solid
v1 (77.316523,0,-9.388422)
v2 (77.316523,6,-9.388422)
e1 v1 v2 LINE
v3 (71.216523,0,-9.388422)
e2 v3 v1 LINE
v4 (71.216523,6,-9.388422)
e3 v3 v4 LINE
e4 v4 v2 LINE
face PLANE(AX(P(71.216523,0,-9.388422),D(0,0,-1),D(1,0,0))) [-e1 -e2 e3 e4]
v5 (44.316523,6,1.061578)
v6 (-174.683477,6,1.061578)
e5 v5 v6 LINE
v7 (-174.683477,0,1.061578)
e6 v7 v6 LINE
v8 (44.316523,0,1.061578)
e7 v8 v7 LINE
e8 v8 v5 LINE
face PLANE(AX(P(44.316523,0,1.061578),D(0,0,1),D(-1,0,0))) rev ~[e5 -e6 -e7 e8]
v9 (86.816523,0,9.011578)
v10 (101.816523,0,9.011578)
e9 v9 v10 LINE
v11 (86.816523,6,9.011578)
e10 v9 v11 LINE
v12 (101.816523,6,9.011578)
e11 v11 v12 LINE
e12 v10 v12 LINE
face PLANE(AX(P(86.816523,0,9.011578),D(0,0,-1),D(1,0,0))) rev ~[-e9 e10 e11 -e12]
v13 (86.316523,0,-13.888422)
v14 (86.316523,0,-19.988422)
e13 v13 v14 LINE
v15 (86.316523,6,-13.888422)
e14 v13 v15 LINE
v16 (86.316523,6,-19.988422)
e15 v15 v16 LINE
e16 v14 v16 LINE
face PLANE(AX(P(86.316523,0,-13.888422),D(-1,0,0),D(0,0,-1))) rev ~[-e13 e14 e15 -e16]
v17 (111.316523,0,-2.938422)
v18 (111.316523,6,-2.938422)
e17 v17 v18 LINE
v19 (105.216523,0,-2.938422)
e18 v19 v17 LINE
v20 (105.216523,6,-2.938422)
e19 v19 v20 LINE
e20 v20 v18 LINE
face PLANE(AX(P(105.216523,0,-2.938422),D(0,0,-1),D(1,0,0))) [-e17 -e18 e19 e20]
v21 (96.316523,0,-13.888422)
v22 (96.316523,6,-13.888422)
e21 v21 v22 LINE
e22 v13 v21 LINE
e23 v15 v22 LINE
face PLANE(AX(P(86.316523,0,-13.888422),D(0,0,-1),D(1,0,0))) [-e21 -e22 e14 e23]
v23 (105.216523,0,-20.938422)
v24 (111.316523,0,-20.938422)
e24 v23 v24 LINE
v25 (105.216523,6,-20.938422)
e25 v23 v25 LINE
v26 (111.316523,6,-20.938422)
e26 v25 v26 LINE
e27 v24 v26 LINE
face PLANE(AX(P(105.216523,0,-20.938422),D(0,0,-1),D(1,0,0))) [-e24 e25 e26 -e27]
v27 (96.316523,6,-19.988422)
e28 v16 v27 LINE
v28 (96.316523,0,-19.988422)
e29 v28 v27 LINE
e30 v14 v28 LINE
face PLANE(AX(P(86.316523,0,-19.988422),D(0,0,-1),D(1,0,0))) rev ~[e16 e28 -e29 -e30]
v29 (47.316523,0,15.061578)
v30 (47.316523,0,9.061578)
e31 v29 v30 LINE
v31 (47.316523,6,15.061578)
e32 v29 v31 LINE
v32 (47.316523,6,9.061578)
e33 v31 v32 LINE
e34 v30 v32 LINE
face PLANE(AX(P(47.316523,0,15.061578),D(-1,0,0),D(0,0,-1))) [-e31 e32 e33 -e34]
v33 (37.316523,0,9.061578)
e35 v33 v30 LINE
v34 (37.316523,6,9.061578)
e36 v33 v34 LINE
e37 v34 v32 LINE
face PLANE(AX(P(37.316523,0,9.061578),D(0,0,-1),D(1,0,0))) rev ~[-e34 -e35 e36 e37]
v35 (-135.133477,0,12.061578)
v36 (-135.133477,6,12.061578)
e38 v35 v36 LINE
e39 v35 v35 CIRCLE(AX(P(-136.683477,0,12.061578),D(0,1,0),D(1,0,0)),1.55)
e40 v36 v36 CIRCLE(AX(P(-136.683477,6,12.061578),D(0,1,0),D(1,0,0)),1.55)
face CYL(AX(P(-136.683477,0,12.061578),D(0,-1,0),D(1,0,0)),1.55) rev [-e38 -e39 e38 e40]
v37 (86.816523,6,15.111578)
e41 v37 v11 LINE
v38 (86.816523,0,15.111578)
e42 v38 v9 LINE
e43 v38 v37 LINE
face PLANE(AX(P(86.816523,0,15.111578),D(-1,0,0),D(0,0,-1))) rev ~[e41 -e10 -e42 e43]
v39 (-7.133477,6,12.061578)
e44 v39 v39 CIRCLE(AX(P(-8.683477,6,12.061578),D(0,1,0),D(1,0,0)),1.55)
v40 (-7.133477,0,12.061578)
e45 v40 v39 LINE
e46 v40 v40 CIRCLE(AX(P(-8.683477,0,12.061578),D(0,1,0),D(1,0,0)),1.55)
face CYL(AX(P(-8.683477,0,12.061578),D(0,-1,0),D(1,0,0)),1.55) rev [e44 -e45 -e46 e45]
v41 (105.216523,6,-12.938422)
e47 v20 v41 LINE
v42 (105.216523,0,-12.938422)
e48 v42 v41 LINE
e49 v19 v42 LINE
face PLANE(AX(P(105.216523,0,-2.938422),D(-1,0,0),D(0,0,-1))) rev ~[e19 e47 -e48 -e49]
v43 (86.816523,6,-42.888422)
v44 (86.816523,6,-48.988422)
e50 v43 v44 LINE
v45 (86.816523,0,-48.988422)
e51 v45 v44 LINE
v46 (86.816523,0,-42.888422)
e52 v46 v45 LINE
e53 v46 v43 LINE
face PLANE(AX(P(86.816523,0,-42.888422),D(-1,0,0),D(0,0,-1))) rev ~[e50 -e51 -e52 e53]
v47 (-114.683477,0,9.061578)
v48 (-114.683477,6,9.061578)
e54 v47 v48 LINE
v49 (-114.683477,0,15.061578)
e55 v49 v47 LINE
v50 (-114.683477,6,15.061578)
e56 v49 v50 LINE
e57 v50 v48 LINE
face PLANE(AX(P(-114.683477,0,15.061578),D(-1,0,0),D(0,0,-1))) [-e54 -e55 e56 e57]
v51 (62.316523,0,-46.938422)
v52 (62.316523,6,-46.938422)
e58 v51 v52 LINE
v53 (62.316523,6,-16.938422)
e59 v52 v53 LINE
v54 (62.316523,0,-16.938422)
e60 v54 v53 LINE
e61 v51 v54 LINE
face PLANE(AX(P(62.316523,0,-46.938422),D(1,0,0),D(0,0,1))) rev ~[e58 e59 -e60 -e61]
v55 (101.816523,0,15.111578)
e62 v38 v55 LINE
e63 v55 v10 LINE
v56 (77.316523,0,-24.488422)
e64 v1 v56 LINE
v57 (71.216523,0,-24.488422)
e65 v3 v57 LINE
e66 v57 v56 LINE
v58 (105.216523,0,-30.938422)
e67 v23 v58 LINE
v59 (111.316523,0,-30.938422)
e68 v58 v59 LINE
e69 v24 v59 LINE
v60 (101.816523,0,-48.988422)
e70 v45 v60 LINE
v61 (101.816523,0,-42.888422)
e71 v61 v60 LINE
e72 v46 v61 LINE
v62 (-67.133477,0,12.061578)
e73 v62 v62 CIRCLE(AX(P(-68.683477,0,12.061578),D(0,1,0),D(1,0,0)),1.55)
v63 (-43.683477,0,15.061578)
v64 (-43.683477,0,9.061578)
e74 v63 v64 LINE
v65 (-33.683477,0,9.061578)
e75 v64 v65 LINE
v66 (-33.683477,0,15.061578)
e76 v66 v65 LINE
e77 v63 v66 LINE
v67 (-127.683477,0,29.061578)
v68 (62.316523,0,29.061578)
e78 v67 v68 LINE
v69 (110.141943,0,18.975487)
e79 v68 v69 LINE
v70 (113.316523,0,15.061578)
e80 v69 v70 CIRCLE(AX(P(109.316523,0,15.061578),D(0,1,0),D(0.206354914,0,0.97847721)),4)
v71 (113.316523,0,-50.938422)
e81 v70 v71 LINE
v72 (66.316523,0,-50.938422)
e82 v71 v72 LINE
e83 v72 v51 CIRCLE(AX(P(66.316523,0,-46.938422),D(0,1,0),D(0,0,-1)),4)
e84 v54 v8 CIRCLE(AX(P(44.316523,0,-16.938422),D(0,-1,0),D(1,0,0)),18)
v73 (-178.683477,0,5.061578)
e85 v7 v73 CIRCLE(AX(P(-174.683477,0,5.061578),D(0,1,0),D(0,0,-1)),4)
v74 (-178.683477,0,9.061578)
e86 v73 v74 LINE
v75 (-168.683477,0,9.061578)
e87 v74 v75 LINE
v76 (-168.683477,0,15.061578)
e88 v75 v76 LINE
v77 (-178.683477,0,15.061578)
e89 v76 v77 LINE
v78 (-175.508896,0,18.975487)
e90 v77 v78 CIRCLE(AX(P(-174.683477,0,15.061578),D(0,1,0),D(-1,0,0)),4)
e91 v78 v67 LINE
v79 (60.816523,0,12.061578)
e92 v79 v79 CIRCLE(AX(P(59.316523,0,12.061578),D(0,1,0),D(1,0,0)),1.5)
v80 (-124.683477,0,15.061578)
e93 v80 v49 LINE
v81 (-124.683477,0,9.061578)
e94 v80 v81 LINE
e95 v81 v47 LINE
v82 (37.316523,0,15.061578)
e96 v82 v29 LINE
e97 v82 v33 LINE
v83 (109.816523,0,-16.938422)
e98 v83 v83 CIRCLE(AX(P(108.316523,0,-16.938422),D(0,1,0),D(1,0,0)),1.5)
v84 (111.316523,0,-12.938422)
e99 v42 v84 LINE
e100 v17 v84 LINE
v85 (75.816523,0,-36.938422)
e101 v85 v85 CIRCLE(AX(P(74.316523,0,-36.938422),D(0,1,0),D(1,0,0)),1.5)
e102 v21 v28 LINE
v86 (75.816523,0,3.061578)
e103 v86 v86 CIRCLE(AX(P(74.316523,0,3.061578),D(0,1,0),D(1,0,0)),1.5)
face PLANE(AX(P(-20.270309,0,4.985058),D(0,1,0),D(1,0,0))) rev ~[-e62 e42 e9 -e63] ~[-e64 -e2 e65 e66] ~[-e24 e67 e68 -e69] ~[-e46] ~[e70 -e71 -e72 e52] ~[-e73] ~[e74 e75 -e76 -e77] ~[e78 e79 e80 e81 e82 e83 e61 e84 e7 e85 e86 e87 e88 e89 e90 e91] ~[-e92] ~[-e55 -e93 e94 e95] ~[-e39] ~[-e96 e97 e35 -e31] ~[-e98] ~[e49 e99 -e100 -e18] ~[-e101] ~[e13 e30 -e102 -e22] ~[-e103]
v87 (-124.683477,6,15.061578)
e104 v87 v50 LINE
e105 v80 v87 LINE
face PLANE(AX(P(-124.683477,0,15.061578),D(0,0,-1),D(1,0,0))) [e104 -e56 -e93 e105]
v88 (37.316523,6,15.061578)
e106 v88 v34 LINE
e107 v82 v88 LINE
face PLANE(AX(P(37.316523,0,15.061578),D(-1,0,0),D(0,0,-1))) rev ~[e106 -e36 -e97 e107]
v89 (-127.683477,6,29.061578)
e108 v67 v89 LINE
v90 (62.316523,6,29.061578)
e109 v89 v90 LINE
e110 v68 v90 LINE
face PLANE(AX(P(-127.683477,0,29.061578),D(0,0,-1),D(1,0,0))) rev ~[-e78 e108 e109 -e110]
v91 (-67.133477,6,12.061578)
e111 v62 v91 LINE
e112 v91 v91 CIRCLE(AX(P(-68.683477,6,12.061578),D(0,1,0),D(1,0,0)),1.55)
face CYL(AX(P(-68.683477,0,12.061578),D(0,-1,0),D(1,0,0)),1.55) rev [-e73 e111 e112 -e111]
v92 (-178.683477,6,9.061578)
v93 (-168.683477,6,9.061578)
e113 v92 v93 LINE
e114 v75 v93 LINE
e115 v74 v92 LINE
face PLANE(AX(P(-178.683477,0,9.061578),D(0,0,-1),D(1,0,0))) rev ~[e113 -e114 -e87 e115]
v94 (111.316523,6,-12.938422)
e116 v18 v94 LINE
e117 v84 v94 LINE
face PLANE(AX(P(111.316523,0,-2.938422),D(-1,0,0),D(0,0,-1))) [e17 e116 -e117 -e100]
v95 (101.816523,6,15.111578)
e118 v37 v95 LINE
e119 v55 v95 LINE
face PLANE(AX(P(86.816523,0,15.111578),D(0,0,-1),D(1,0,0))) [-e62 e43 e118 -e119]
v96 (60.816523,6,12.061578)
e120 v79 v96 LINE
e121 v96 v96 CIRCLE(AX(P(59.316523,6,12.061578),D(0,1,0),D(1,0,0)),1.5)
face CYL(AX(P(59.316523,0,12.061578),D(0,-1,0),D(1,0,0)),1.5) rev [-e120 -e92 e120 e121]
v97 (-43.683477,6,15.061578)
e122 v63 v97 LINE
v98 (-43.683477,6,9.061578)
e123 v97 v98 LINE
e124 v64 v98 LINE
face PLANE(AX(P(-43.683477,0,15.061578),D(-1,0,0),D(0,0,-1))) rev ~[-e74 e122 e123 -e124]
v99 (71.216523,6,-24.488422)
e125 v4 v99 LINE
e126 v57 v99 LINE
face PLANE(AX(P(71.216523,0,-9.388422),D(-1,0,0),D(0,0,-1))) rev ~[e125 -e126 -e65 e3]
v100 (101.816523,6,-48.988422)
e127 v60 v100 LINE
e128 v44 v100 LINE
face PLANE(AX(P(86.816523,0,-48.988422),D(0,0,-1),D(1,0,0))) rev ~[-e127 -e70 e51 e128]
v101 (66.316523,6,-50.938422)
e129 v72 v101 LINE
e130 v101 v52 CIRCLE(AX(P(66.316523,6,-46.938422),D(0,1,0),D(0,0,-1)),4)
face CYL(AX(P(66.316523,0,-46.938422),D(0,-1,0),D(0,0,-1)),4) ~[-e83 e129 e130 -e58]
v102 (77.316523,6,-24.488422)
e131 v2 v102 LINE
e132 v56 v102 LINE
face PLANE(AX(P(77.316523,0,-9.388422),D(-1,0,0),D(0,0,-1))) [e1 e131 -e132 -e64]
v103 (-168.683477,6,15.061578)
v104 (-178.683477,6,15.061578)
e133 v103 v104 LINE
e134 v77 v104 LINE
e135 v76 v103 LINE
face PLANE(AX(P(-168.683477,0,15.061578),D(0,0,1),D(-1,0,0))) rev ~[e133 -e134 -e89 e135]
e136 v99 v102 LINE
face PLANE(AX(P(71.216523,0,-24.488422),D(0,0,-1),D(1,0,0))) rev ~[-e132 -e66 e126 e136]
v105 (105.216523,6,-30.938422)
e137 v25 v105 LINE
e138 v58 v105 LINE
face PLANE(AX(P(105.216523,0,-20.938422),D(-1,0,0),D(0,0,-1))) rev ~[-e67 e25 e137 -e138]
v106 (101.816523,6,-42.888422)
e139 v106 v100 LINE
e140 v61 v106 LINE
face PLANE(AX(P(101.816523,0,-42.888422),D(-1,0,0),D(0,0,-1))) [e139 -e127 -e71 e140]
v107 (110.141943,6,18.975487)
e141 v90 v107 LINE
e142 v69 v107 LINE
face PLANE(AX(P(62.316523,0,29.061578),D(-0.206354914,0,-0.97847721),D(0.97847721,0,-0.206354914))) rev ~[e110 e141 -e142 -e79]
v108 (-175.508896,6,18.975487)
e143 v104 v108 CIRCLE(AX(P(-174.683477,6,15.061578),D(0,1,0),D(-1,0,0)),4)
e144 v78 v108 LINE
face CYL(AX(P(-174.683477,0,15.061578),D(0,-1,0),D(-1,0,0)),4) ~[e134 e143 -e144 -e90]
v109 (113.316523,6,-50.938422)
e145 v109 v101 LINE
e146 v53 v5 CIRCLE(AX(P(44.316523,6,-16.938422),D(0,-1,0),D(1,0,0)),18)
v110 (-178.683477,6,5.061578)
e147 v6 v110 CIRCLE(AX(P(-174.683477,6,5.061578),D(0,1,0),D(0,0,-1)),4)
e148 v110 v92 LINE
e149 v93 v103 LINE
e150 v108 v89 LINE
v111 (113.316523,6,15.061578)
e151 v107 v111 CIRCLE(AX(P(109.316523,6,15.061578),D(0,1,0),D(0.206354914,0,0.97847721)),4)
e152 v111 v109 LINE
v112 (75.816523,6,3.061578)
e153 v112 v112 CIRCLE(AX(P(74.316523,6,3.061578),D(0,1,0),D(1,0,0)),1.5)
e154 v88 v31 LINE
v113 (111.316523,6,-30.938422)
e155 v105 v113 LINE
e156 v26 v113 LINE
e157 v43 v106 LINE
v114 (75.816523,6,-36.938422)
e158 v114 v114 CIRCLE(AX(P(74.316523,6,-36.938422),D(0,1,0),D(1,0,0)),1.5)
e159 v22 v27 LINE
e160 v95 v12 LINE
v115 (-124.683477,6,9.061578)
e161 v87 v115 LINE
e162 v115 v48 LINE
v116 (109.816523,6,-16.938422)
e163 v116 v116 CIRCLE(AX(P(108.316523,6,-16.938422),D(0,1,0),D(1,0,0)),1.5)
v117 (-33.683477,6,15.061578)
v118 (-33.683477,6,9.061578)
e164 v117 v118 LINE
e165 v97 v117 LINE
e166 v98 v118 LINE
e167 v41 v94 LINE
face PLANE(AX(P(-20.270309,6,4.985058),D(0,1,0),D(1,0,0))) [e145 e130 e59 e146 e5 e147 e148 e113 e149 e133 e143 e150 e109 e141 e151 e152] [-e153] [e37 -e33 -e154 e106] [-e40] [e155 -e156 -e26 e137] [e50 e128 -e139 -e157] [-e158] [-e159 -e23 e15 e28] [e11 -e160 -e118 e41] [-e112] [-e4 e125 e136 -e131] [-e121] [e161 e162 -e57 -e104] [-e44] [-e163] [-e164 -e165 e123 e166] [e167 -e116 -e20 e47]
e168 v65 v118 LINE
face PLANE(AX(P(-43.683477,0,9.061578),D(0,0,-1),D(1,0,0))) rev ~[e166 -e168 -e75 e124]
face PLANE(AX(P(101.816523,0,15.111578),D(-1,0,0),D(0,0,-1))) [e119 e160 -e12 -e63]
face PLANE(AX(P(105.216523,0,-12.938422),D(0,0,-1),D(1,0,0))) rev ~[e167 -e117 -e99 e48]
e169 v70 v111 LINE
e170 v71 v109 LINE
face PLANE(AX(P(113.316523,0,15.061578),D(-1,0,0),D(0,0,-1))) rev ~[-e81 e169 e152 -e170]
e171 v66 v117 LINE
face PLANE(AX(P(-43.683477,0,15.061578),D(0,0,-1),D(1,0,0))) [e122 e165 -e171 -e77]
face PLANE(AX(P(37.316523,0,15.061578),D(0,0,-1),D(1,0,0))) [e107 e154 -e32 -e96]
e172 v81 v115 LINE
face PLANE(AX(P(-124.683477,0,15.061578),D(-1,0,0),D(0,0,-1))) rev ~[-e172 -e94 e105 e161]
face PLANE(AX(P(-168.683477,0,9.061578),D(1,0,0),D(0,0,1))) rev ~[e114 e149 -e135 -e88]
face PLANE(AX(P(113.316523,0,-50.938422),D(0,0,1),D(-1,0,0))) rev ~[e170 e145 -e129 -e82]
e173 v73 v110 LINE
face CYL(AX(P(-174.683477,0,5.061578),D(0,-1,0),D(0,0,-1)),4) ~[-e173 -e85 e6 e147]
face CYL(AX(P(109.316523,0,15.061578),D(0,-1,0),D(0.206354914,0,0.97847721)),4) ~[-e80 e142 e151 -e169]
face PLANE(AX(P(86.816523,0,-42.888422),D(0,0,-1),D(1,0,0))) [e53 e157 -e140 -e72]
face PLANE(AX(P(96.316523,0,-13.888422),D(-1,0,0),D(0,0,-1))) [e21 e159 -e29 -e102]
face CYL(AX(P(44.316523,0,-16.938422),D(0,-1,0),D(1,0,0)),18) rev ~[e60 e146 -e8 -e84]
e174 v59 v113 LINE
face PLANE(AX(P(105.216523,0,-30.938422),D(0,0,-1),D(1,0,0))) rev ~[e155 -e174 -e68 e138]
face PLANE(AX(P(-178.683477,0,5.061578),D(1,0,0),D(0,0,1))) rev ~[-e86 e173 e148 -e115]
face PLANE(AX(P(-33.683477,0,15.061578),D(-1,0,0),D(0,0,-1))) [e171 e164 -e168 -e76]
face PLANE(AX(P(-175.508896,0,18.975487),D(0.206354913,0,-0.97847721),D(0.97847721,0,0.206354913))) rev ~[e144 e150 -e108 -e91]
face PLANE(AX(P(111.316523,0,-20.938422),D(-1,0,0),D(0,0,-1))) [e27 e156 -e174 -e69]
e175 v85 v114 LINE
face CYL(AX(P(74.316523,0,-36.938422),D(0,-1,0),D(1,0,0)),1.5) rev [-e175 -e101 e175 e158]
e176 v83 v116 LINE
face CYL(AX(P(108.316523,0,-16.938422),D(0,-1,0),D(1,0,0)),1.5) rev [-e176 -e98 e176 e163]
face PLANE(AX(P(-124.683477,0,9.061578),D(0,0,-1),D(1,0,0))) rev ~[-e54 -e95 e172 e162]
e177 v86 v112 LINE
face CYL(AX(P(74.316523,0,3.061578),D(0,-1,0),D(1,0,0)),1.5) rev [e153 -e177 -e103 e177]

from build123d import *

# Parameters (mm, degrees)
SKETCH_1_R      = 1.55
SKETCH_1_W      = 10
SKETCH_1_H      = 6
SKETCH_1_R_2    = 1.5
SKETCH_1_W_2    = 15
SKETCH_1_H_2    = 6.1
SKETCH_1_W_3    = 6.1
SKETCH_1_H_3    = 10
SKETCH_1_H_4    = 15.1
EXTRUDE_1_DEPTH = 6


with BuildPart() as part:
    # Эскиз1 → Бобышка-Вытянуть1 (new body)
    with BuildSketch(Plane(origin=(0, 0, 0), x_dir=(1, 0, 0), z_dir=(0, 1, 0))):
        with BuildLine():
            Line((-168.683476523, -15.061578422), (-178.683476523, -15.061578422))
            ThreePointArc((-178.683476523, -15.061578422), (-177.790056525, -17.581332515), (-175.508896177, -18.97548726))
            Line((-175.508896177, -18.97548726), (-127.683476523, -29.061578422))
            Line((-127.683476523, -29.061578422), (62.316523477, -29.061578422))
            Line((62.316523477, -29.061578422), (110.14194313, -18.97548726))
            ThreePointArc((110.14194313, -18.97548726), (112.423103478, -17.581332515), (113.316523477, -15.061578422))
            Line((113.316523477, -15.061578422), (113.316523477, 50.938421578))
            Line((113.316523477, 50.938421578), (66.316523477, 50.938421578))
            ThreePointArc((66.316523477, 50.938421578), (63.488096352, 49.766848703), (62.316523477, 46.938421578))
            Line((62.316523477, 46.938421578), (62.316523477, 16.938421578))
            ThreePointArc((62.316523477, 16.938421578), (57.044445538, 4.210499517), (44.316523477, -1.061578422))
            Line((44.316523477, -1.061578422), (-174.683476523, -1.061578422))
            ThreePointArc((-174.683476523, -1.061578422), (-177.511903648, -2.233151297), (-178.683476523, -5.061578422))
            Line((-178.683476523, -5.061578422), (-178.683476523, -9.061578422))
            Line((-178.683476523, -9.061578422), (-168.683476523, -9.061578422))
            Line((-168.683476523, -9.061578422), (-168.683476523, -15.061578422))
        make_face()
        with Locations((-136.683476523, -12.061578422)):
            Circle(SKETCH_1_R, mode=Mode.SUBTRACT)
        with Locations((-119.683476523, -12.061578422)):
            Rectangle(SKETCH_1_W, SKETCH_1_H, mode=Mode.SUBTRACT)
        with Locations((-68.683476523, -12.061578422)):
            Circle(SKETCH_1_R, mode=Mode.SUBTRACT)
        with Locations((-38.683476523, -12.061578422)):
            Rectangle(SKETCH_1_W, SKETCH_1_H, mode=Mode.SUBTRACT)
        with Locations((-8.683476523, -12.061578422)):
            Circle(SKETCH_1_R, mode=Mode.SUBTRACT)
        with Locations((42.316523477, -12.061578422)):
            Rectangle(SKETCH_1_W, SKETCH_1_H, mode=Mode.SUBTRACT)
        with Locations((59.316523477, -12.061578422)):
            Circle(SKETCH_1_R_2, mode=Mode.SUBTRACT)
        with Locations((94.316523477, -12.061578422)):
            Rectangle(SKETCH_1_W_2, SKETCH_1_H_2, mode=Mode.SUBTRACT)
        with Locations((74.316523477, -3.061578422)):
            Circle(SKETCH_1_R_2, mode=Mode.SUBTRACT)
        with Locations((108.266523477, 7.938421578)):
            Rectangle(SKETCH_1_W_3, SKETCH_1_H_3, mode=Mode.SUBTRACT)
        with Locations((74.266523477, 16.938421578)):
            Rectangle(SKETCH_1_W_3, SKETCH_1_H_4, mode=Mode.SUBTRACT)
        with Locations((91.316523477, 16.938421578)):
            Rectangle(SKETCH_1_W, SKETCH_1_H_2, mode=Mode.SUBTRACT)
        with Locations((108.316523477, 16.938421578)):
            Circle(SKETCH_1_R_2, mode=Mode.SUBTRACT)
        with Locations((108.266523477, 25.938421578)):
            Rectangle(SKETCH_1_W_3, SKETCH_1_H_3, mode=Mode.SUBTRACT)
        with Locations((74.316523477, 36.938421578)):
            Circle(SKETCH_1_R_2, mode=Mode.SUBTRACT)
        with Locations((94.316523477, 45.938421578)):
            Rectangle(SKETCH_1_W_2, SKETCH_1_H_2, mode=Mode.SUBTRACT)
    extrude(amount=EXTRUDE_1_DEPTH)


solid = part.part
